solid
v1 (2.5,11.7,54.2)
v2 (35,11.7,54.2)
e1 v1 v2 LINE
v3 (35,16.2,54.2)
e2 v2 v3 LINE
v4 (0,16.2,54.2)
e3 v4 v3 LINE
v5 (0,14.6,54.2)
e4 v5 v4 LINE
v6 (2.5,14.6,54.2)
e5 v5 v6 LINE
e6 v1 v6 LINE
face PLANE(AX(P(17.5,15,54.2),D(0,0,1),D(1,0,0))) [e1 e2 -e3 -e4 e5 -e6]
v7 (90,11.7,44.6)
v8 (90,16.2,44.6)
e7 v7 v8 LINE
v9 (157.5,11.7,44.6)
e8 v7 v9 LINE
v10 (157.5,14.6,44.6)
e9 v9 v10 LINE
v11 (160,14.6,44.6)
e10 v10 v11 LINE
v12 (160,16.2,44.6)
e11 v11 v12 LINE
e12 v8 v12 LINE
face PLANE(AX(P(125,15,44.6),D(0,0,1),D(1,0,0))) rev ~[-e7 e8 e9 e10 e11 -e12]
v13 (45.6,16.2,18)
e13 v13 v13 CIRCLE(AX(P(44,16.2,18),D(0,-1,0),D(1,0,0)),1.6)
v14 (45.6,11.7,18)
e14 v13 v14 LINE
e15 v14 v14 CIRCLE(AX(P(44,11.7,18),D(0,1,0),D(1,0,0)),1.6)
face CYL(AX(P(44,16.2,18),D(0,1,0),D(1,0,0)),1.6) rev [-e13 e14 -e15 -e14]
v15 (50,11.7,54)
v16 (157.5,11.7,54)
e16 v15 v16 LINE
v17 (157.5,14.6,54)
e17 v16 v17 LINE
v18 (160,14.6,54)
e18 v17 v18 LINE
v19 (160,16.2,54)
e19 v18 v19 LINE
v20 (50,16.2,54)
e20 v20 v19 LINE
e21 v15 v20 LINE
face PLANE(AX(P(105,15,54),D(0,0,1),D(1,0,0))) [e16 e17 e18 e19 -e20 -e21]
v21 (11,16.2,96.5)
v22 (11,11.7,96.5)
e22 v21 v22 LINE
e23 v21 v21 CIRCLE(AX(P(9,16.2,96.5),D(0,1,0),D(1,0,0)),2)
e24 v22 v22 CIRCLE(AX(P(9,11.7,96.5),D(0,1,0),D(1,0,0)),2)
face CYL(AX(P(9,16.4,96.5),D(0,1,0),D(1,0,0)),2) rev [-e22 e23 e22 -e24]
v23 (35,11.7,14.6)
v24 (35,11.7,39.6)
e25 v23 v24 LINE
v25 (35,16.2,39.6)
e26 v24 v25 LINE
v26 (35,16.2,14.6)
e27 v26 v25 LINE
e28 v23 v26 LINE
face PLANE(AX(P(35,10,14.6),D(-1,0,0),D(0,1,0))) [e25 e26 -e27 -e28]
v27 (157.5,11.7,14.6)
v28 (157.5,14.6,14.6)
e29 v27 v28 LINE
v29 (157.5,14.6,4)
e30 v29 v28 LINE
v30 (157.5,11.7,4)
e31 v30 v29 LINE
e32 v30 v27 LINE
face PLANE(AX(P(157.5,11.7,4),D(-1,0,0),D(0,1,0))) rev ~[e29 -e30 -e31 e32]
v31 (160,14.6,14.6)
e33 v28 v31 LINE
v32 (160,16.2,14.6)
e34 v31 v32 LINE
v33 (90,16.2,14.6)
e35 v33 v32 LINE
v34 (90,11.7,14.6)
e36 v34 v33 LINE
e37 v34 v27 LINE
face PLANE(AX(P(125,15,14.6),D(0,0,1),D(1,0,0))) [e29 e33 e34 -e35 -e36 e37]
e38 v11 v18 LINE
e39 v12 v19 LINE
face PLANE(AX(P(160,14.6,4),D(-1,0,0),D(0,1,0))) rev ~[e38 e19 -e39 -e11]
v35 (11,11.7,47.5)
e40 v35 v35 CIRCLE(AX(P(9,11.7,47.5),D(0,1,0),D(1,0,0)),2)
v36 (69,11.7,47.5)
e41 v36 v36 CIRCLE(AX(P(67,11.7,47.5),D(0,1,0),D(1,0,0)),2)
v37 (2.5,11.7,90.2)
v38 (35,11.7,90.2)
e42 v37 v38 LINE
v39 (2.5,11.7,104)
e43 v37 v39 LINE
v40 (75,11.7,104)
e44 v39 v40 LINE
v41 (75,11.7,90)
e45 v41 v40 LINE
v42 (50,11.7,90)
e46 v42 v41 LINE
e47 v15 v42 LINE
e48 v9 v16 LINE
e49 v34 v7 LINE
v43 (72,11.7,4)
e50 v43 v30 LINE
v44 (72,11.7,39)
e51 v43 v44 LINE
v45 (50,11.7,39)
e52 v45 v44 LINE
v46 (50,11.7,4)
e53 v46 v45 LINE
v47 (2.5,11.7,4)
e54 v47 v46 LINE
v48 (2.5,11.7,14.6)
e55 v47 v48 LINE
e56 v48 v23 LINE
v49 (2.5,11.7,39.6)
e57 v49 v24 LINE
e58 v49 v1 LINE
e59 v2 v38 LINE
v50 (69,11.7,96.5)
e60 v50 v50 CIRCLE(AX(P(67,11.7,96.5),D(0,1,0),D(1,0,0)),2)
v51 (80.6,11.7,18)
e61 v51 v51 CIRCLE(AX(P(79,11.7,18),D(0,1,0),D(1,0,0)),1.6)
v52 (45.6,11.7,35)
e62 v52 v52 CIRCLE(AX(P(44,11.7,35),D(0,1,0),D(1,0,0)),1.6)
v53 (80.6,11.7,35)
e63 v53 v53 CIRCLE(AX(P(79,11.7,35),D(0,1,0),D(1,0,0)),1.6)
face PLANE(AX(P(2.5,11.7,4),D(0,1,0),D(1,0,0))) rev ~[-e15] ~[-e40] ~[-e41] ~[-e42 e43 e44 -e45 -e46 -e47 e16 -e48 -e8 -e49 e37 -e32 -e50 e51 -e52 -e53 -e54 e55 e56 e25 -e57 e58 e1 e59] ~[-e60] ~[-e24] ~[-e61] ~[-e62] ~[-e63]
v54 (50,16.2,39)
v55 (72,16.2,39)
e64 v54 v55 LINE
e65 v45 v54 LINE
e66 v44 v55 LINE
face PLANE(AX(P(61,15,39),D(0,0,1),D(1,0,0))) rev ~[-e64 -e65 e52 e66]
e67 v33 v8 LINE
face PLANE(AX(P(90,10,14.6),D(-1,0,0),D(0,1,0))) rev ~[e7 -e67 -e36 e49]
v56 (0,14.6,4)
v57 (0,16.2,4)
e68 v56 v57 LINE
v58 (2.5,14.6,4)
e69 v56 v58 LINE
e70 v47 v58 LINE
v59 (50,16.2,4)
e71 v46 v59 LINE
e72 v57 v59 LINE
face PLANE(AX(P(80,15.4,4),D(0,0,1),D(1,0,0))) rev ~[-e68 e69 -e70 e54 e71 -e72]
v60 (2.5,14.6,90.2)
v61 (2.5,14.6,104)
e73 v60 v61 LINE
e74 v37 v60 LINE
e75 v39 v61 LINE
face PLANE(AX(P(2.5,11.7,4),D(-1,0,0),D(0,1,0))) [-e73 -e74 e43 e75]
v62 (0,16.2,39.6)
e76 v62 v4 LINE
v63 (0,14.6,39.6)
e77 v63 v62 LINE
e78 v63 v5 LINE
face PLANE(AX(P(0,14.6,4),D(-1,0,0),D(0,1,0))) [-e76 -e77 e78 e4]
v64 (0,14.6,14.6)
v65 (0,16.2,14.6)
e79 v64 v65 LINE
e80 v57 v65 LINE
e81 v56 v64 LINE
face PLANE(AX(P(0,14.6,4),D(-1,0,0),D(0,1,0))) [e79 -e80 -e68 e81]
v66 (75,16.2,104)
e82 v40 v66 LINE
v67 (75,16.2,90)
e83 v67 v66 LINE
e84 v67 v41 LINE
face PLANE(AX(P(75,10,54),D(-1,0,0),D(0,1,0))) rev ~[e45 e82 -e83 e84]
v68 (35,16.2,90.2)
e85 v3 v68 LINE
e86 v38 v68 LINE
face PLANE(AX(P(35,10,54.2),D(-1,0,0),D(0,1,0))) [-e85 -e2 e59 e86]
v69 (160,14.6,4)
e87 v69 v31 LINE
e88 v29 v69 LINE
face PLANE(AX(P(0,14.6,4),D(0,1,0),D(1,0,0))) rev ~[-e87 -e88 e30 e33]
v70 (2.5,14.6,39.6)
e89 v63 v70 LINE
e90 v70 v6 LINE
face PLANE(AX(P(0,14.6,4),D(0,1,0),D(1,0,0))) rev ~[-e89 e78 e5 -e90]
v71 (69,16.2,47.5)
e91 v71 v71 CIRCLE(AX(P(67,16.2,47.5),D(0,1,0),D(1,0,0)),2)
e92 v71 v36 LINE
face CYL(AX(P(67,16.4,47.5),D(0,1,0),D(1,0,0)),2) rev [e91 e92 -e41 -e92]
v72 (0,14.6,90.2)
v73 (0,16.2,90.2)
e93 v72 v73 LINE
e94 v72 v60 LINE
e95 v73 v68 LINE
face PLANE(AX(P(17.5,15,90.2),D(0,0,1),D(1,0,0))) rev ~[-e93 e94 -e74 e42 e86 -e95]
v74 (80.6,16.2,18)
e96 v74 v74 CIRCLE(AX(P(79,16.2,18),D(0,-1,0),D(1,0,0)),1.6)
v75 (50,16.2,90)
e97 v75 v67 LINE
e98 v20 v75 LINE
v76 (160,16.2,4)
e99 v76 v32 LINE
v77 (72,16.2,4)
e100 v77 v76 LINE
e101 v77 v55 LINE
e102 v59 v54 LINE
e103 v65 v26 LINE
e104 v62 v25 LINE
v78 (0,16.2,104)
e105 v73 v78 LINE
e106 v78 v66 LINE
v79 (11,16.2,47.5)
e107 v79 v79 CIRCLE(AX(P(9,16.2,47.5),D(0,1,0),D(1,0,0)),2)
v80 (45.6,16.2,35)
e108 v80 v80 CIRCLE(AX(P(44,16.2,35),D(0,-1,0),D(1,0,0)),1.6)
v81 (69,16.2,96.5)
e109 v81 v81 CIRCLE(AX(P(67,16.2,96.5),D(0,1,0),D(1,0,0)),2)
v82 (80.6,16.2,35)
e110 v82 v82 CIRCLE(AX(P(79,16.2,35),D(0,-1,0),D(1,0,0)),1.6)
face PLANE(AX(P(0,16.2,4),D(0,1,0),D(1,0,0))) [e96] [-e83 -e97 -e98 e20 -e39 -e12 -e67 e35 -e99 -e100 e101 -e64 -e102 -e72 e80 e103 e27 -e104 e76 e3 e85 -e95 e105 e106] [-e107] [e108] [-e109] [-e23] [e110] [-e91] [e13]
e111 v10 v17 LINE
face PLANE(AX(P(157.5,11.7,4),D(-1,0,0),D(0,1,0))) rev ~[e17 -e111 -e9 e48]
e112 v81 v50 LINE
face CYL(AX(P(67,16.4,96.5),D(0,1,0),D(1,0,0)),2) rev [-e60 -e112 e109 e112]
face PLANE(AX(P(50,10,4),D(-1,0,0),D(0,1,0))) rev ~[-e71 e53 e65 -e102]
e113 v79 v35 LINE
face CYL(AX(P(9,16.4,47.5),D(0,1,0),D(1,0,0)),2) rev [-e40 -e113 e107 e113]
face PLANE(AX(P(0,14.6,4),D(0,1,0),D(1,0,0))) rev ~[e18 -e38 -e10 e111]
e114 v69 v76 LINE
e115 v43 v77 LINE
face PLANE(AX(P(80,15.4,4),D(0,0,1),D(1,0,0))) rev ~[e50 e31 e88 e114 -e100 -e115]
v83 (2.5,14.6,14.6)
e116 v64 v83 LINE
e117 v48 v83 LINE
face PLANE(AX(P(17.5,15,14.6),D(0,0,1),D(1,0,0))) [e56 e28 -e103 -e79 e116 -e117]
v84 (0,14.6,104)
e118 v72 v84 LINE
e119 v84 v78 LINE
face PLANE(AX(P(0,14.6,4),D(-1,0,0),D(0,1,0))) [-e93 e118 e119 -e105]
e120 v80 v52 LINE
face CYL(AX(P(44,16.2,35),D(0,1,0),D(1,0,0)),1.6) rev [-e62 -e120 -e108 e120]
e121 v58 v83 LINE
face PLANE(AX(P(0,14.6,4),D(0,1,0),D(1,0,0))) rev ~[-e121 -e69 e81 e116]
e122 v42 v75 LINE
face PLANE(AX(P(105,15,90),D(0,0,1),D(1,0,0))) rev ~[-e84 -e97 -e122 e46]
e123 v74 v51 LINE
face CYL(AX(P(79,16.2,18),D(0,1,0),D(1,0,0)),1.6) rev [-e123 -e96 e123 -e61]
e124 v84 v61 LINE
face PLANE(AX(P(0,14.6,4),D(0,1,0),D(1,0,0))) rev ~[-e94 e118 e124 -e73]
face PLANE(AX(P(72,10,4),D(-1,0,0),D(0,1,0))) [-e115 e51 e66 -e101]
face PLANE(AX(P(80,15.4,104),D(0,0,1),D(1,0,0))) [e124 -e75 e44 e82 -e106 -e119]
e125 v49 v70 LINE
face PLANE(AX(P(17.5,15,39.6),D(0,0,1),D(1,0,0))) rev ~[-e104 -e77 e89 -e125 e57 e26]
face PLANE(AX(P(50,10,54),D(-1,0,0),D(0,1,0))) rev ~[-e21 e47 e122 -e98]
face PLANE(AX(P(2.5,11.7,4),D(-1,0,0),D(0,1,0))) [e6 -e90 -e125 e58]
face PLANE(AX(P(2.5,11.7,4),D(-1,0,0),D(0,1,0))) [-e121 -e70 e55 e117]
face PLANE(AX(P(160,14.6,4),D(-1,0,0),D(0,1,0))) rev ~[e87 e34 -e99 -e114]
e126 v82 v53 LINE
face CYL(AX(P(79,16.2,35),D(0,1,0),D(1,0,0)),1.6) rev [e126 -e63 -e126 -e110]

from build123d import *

# Parameters (mm, degrees)
BOX005_W          = 70
BOX005_H          = 10
BOX005_DEPTH      = 30
BOX006_W          = 35
BOX006_H          = 10
BOX006_DEPTH      = 25
BOX007_W          = 35
BOX007_H          = 10
BOX007_DEPTH      = 36
BOX008_W          = 85
BOX008_H          = 10
BOX008_DEPTH      = 50
BOX009_W          = 22
BOX009_H          = 10
BOX009_DEPTH      = 35
BOX004_W          = 110
BOX004_H          = 10
BOX004_DEPTH      = 36
CYLINDER008_R     = 2
CYLINDER008_DEPTH = 10
CYLINDER009_R     = 2
CYLINDER009_DEPTH = 10
CYLINDER010_R     = 2
CYLINDER010_DEPTH = 10
CYLINDER011_R     = 2
CYLINDER011_DEPTH = 10
CYLINDER005_R     = 1.6
CYLINDER005_DEPTH = 10
CYLINDER007_R     = 1.6
CYLINDER007_DEPTH = 10
CYLINDER004_R     = 1.6
CYLINDER004_DEPTH = 10
CYLINDER006_R     = 1.6
CYLINDER006_DEPTH = 10
BOX_W             = 160
BOX_H             = 1.6
BOX_DEPTH         = 100
BOX001_W          = 155
BOX001_H          = 2.9
BOX001_DEPTH      = 100


with BuildPart() as cuts002:
    # Box005 → Box005 (new body)
    with BuildSketch(Plane(origin=(90, 10, 14.6), x_dir=(1, 0, 0), z_dir=(0, 0, 1))):
        with Locations((35, 5)):
            Rectangle(BOX005_W, BOX005_H)
    extrude(amount=BOX005_DEPTH)


with BuildPart() as cuts003:
    # Box006 → Box006 (new body)
    with BuildSketch(Plane(origin=(0, 10, 14.6), x_dir=(1, 0, 0), z_dir=(0, 0, 1))):
        with Locations((17.5, 5)):
            Rectangle(BOX006_W, BOX006_H)
    extrude(amount=BOX006_DEPTH)


with BuildPart() as cuts004:
    # Box007 → Box007 (new body)
    with BuildSketch(Plane(origin=(0, 10, 54.2), x_dir=(1, 0, 0), z_dir=(0, 0, 1))):
        with Locations((17.5, 5)):
            Rectangle(BOX007_W, BOX007_H)
    extrude(amount=BOX007_DEPTH)


with BuildPart() as cuts005:
    # Box008 → Box008 (new body)
    with BuildSketch(Plane(origin=(75, 10, 54), x_dir=(1, 0, 0), z_dir=(0, 0, 1))):
        with Locations((42.5, 5)):
            Rectangle(BOX008_W, BOX008_H)
    extrude(amount=BOX008_DEPTH)


with BuildPart() as cuts006:
    # Box009 → Box009 (new body)
    with BuildSketch(Plane(origin=(50, 10, 4), x_dir=(1, 0, 0), z_dir=(0, 0, 1))):
        with Locations((11, 5)):
            Rectangle(BOX009_W, BOX009_H)
    extrude(amount=BOX009_DEPTH)


with BuildPart() as cuts:
    # Box004 → Box004 (new body)
    with BuildSketch(Plane(origin=(50, 10, 54), x_dir=(1, 0, 0), z_dir=(0, 0, 1))):
        with Locations((55, 5)):
            Rectangle(BOX004_W, BOX004_H)
    extrude(amount=BOX004_DEPTH)

    # Fusion005: union cuts002, cuts003, cuts004, cuts005, cuts006
    add(cuts002.part)
    add(cuts003.part)
    add(cuts004.part)
    add(cuts005.part)
    add(cuts006.part)


with BuildPart() as m2s008:
    # Cylinder008 → Cylinder008 (new body)
    with BuildSketch(Plane(origin=(9, 0, 47.5), x_dir=(1, 0, 0), z_dir=(0, -1, 0))):
        Circle(CYLINDER008_R)
    extrude(amount=CYLINDER008_DEPTH)


with BuildPart() as m2s009:
    # Cylinder009 → Cylinder009 (new body)
    with BuildSketch(Plane(origin=(67, 0, 47.5), x_dir=(1, 0, 0), z_dir=(0, -1, 0))):
        Circle(CYLINDER009_R)
    extrude(amount=CYLINDER009_DEPTH)


with BuildPart() as m2s010:
    # Cylinder010 → Cylinder010 (new body)
    with BuildSketch(Plane(origin=(67, 0, 96.5), x_dir=(1, 0, 0), z_dir=(0, -1, 0))):
        Circle(CYLINDER010_R)
    extrude(amount=CYLINDER010_DEPTH)


with BuildPart() as c1cuts:
    # Cylinder011 → Cylinder011 (new body)
    with BuildSketch(Plane(origin=(9, 0, 96.5), x_dir=(1, 0, 0), z_dir=(0, -1, 0))):
        Circle(CYLINDER011_R)
    extrude(amount=CYLINDER011_DEPTH)

    # Fusion003: union m2s008, m2s009, m2s010
    add(m2s008.part)
    add(m2s009.part)
    add(m2s010.part)


with BuildPart() as c1cuts_1:
    # Fusion003 placement: moved
    add(c1cuts.part.moved(Location((0, 16.4, 0))))


with BuildPart() as m2s005:
    # Cylinder005 → Cylinder005 (new body)
    with BuildSketch(Plane(origin=(14, 0, 20), x_dir=(1, 0, 0), z_dir=(0, -1, 0))):
        Circle(CYLINDER005_R)
    extrude(amount=CYLINDER005_DEPTH)


with BuildPart() as m2s007:
    # Cylinder007 → Cylinder007 (new body)
    with BuildSketch(Plane(origin=(49, 0, 20), x_dir=(1, 0, 0), z_dir=(0, -1, 0))):
        Circle(CYLINDER007_R)
    extrude(amount=CYLINDER007_DEPTH)


with BuildPart() as m2s004:
    # Cylinder004 → Cylinder004 (new body)
    with BuildSketch(Plane(origin=(49, 0, 3), x_dir=(1, 0, 0), z_dir=(0, -1, 0))):
        Circle(CYLINDER004_R)
    extrude(amount=CYLINDER004_DEPTH)


with BuildPart() as basecuts:
    # Cylinder006 → Cylinder006 (new body)
    with BuildSketch(Plane(origin=(14, 0, 3), x_dir=(1, 0, 0), z_dir=(0, -1, 0))):
        Circle(CYLINDER006_R)
    extrude(amount=CYLINDER006_DEPTH)

    # Fusion002: union m2s005, m2s007, m2s004
    add(m2s005.part)
    add(m2s007.part)
    add(m2s004.part)


with BuildPart() as basecuts_1:
    # Fusion002 placement: moved
    add(basecuts.part.moved(Location((30, 16.2, 15))))

    # Fusion004: union c1Cuts
    add(c1cuts_1.part)


with BuildPart() as base:
    # Box → Box (new body)
    with BuildSketch(Plane(origin=(0, 14.6, 4), x_dir=(1, 0, 0), z_dir=(0, 0, 1))):
        with Locations((80, 0.8)):
            Rectangle(BOX_W, BOX_H)
    extrude(amount=BOX_DEPTH)


with BuildPart() as cut002:
    # Box001 → Box001 (new body)
    with BuildSketch(Plane(origin=(2.5, 11.7, 4), x_dir=(1, 0, 0), z_dir=(0, 0, 1))):
        with Locations((77.5, 1.45)):
            Rectangle(BOX001_W, BOX001_H)
    extrude(amount=BOX001_DEPTH)

    # Fusion001: union base
    add(base.part)

    # Cut001: cut baseCuts
    add(basecuts_1.part, mode=Mode.SUBTRACT)

    # Cut002: cut cuts
    add(cuts.part, mode=Mode.SUBTRACT)


solid = cut002.part
